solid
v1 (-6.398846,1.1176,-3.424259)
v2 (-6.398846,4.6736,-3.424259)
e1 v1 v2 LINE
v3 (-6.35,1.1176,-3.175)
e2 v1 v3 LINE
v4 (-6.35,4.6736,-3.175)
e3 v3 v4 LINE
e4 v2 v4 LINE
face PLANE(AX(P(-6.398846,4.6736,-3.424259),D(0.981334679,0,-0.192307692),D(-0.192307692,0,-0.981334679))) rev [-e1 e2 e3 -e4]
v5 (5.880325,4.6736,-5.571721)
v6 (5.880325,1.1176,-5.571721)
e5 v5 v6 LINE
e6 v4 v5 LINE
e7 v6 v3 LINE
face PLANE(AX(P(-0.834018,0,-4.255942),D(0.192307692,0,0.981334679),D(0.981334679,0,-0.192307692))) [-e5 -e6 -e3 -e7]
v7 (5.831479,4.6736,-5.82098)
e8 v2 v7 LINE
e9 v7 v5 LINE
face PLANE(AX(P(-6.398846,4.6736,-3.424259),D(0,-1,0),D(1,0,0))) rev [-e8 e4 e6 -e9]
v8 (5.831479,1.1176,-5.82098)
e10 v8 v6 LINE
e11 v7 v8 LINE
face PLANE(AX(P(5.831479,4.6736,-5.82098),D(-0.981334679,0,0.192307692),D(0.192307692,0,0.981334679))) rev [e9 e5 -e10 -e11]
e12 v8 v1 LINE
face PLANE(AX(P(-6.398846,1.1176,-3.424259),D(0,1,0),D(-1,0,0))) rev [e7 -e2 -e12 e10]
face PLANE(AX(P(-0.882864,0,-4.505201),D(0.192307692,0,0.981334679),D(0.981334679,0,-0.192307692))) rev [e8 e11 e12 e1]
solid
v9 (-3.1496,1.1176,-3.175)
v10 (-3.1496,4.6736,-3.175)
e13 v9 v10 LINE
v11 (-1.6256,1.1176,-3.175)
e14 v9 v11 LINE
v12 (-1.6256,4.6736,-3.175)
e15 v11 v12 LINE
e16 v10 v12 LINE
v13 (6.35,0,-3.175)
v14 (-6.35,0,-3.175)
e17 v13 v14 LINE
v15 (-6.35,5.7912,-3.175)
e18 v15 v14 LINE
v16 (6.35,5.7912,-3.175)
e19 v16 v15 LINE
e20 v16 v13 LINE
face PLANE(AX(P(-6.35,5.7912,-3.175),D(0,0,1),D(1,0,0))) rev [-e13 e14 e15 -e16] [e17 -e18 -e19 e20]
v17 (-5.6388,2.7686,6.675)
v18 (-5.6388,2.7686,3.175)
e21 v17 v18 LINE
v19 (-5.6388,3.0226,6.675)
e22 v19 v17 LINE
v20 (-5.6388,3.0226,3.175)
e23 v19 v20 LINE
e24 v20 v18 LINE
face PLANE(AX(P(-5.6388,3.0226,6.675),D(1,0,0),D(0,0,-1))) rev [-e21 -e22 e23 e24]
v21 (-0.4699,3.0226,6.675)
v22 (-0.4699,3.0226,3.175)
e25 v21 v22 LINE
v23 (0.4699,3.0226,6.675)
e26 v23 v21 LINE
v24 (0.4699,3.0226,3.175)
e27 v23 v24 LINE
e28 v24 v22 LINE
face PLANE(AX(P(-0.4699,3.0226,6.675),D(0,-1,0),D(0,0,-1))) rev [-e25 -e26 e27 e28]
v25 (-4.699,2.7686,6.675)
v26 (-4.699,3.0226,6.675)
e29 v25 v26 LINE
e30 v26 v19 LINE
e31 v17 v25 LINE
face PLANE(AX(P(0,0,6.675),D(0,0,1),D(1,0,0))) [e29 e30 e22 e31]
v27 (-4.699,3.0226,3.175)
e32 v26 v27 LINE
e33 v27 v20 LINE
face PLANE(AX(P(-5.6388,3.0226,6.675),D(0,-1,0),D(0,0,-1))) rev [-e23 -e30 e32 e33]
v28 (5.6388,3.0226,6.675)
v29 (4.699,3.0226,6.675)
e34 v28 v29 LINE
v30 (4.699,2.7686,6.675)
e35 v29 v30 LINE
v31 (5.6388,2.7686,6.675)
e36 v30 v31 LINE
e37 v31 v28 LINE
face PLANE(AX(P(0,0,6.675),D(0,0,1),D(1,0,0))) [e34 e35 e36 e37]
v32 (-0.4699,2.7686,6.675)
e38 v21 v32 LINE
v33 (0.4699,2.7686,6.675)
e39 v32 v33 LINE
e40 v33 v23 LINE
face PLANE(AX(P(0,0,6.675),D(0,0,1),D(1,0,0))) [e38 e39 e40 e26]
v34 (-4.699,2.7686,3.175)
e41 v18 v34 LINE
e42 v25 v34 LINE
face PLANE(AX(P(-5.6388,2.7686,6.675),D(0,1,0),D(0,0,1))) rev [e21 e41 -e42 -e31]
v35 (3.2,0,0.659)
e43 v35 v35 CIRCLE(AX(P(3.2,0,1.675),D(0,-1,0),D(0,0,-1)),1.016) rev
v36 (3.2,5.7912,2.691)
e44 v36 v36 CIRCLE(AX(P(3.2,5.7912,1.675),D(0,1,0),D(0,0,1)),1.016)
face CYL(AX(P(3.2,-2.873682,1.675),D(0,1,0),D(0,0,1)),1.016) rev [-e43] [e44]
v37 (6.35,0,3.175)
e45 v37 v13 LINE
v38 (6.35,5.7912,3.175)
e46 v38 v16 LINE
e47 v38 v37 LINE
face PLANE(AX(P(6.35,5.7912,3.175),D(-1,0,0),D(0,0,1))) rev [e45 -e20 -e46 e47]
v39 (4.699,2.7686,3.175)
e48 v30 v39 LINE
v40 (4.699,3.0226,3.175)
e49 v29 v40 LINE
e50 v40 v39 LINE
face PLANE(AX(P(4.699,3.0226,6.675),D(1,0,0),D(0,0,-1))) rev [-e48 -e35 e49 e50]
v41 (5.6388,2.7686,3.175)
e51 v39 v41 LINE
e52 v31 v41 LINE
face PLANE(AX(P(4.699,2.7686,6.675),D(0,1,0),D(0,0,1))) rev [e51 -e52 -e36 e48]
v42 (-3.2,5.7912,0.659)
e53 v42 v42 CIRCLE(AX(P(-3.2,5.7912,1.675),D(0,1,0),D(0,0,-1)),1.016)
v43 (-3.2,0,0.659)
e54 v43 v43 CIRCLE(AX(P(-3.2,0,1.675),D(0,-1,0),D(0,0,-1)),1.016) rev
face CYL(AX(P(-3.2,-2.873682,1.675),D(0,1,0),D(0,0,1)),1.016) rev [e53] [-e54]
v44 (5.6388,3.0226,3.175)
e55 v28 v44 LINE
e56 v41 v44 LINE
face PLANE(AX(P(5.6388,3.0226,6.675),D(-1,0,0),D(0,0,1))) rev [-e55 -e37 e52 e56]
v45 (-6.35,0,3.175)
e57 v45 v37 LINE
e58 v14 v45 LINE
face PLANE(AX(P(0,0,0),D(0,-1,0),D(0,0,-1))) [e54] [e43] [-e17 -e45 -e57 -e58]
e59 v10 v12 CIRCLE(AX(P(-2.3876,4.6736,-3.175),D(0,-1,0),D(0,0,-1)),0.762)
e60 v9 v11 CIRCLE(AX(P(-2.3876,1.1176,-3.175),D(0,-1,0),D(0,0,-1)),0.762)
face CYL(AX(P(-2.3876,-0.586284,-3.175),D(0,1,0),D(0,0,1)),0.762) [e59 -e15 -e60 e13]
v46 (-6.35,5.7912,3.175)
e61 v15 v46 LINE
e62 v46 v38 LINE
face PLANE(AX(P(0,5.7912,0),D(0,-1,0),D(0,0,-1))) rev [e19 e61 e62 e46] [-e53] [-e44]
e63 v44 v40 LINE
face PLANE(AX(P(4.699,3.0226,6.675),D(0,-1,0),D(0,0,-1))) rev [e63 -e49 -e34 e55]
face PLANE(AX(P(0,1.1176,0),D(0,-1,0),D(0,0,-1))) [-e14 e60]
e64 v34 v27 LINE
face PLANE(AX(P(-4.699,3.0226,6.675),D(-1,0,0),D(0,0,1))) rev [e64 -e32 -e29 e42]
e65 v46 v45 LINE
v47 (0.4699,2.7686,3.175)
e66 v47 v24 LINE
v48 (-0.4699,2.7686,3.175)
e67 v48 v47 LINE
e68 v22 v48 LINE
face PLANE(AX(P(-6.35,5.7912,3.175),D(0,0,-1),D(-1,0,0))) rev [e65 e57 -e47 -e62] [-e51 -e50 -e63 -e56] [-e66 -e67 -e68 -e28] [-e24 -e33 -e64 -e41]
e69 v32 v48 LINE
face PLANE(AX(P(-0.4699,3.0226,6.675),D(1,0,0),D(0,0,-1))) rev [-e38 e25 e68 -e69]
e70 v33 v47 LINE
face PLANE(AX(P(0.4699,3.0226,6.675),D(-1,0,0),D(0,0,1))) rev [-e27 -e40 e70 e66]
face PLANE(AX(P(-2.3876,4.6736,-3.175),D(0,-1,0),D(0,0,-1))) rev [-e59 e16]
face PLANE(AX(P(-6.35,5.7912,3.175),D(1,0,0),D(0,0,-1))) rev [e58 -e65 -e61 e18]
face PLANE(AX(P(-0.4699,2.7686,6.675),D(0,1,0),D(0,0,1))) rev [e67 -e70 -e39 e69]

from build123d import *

# Parameters (mm, degrees)
SKETCH1_W           = 12.7
SKETCH1_H           = 6.35
BOSS_EXTRUDE1_DEPTH = 5.7912
SKETCH2_R           = 1.016
CUT_EXTRUDE1_DEPTH  = 5.7912
BOSS_EXTRUDE2_DEPTH = 3.556
SKETCH4_W           = 12.462950418
SKETCH4_H           = 3.556
BOSS_EXTRUDE3_DEPTH = 0.254
SKETCH5_W           = 0.9398
SKETCH5_H           = 0.254
BOSS_EXTRUDE4_DEPTH = 3.5


with BuildPart() as part:
    # Sketch1 → Boss-Extrude1 (new body)
    with BuildSketch(Plane(origin=(0, 0, 0), x_dir=(1, 0, 0), z_dir=(0, 1, 0))):
        Rectangle(SKETCH1_W, SKETCH1_H)
    extrude(amount=BOSS_EXTRUDE1_DEPTH)

    # Sketch2 → Cut-Extrude1 (cut)
    with BuildSketch(Plane(origin=(0, 5.7912, 0), x_dir=(1, 0, 0), z_dir=(0, 1, 0))):
        with Locations((3.2, -1.675)):
            Circle(SKETCH2_R)
        with Locations((-3.2, -1.675)):
            Circle(SKETCH2_R)
    extrude(amount=-CUT_EXTRUDE1_DEPTH, mode=Mode.SUBTRACT)

    # Sketch3 → Boss-Extrude2 (add)
    with BuildSketch(Plane(origin=(0, 4.6736, 0), x_dir=(1, 0, 0), z_dir=(0, 1, 0))):
        with BuildLine():
            Line((-3.1496, 3.175), (-1.6256, 3.175))
            ThreePointArc((-1.6256, 3.175), (-2.3876, 3.937), (-3.1496, 3.175))
        make_face()
    extrude(amount=-BOSS_EXTRUDE2_DEPTH)

    # Sketch5 → Boss-Extrude4 (add)
    with BuildSketch(Plane.XY.offset(3.175)):
        with Locations((-5.1689, 2.8956)):
            Rectangle(SKETCH5_W, SKETCH5_H)
        with Locations((0, 2.8956)):
            Rectangle(SKETCH5_W, SKETCH5_H)
        with Locations((5.1689, 2.8956)):
            Rectangle(SKETCH5_W, SKETCH5_H)
    extrude(amount=BOSS_EXTRUDE4_DEPTH)


with BuildPart() as body_2:
    # Sketch4 → Boss-Extrude3 (new body)
    with BuildSketch(Plane(origin=(-0.834017587, 0, -4.255941978), x_dir=(-0.981334679, 0, 0.192307692), z_dir=(-0.192307692, 0, -0.981334679))):
        with Locations((-0.610576923, 2.8956)):
            Rectangle(SKETCH4_W, SKETCH4_H)
    extrude(amount=BOSS_EXTRUDE3_DEPTH)


solid = Compound([part.part, body_2.part])
